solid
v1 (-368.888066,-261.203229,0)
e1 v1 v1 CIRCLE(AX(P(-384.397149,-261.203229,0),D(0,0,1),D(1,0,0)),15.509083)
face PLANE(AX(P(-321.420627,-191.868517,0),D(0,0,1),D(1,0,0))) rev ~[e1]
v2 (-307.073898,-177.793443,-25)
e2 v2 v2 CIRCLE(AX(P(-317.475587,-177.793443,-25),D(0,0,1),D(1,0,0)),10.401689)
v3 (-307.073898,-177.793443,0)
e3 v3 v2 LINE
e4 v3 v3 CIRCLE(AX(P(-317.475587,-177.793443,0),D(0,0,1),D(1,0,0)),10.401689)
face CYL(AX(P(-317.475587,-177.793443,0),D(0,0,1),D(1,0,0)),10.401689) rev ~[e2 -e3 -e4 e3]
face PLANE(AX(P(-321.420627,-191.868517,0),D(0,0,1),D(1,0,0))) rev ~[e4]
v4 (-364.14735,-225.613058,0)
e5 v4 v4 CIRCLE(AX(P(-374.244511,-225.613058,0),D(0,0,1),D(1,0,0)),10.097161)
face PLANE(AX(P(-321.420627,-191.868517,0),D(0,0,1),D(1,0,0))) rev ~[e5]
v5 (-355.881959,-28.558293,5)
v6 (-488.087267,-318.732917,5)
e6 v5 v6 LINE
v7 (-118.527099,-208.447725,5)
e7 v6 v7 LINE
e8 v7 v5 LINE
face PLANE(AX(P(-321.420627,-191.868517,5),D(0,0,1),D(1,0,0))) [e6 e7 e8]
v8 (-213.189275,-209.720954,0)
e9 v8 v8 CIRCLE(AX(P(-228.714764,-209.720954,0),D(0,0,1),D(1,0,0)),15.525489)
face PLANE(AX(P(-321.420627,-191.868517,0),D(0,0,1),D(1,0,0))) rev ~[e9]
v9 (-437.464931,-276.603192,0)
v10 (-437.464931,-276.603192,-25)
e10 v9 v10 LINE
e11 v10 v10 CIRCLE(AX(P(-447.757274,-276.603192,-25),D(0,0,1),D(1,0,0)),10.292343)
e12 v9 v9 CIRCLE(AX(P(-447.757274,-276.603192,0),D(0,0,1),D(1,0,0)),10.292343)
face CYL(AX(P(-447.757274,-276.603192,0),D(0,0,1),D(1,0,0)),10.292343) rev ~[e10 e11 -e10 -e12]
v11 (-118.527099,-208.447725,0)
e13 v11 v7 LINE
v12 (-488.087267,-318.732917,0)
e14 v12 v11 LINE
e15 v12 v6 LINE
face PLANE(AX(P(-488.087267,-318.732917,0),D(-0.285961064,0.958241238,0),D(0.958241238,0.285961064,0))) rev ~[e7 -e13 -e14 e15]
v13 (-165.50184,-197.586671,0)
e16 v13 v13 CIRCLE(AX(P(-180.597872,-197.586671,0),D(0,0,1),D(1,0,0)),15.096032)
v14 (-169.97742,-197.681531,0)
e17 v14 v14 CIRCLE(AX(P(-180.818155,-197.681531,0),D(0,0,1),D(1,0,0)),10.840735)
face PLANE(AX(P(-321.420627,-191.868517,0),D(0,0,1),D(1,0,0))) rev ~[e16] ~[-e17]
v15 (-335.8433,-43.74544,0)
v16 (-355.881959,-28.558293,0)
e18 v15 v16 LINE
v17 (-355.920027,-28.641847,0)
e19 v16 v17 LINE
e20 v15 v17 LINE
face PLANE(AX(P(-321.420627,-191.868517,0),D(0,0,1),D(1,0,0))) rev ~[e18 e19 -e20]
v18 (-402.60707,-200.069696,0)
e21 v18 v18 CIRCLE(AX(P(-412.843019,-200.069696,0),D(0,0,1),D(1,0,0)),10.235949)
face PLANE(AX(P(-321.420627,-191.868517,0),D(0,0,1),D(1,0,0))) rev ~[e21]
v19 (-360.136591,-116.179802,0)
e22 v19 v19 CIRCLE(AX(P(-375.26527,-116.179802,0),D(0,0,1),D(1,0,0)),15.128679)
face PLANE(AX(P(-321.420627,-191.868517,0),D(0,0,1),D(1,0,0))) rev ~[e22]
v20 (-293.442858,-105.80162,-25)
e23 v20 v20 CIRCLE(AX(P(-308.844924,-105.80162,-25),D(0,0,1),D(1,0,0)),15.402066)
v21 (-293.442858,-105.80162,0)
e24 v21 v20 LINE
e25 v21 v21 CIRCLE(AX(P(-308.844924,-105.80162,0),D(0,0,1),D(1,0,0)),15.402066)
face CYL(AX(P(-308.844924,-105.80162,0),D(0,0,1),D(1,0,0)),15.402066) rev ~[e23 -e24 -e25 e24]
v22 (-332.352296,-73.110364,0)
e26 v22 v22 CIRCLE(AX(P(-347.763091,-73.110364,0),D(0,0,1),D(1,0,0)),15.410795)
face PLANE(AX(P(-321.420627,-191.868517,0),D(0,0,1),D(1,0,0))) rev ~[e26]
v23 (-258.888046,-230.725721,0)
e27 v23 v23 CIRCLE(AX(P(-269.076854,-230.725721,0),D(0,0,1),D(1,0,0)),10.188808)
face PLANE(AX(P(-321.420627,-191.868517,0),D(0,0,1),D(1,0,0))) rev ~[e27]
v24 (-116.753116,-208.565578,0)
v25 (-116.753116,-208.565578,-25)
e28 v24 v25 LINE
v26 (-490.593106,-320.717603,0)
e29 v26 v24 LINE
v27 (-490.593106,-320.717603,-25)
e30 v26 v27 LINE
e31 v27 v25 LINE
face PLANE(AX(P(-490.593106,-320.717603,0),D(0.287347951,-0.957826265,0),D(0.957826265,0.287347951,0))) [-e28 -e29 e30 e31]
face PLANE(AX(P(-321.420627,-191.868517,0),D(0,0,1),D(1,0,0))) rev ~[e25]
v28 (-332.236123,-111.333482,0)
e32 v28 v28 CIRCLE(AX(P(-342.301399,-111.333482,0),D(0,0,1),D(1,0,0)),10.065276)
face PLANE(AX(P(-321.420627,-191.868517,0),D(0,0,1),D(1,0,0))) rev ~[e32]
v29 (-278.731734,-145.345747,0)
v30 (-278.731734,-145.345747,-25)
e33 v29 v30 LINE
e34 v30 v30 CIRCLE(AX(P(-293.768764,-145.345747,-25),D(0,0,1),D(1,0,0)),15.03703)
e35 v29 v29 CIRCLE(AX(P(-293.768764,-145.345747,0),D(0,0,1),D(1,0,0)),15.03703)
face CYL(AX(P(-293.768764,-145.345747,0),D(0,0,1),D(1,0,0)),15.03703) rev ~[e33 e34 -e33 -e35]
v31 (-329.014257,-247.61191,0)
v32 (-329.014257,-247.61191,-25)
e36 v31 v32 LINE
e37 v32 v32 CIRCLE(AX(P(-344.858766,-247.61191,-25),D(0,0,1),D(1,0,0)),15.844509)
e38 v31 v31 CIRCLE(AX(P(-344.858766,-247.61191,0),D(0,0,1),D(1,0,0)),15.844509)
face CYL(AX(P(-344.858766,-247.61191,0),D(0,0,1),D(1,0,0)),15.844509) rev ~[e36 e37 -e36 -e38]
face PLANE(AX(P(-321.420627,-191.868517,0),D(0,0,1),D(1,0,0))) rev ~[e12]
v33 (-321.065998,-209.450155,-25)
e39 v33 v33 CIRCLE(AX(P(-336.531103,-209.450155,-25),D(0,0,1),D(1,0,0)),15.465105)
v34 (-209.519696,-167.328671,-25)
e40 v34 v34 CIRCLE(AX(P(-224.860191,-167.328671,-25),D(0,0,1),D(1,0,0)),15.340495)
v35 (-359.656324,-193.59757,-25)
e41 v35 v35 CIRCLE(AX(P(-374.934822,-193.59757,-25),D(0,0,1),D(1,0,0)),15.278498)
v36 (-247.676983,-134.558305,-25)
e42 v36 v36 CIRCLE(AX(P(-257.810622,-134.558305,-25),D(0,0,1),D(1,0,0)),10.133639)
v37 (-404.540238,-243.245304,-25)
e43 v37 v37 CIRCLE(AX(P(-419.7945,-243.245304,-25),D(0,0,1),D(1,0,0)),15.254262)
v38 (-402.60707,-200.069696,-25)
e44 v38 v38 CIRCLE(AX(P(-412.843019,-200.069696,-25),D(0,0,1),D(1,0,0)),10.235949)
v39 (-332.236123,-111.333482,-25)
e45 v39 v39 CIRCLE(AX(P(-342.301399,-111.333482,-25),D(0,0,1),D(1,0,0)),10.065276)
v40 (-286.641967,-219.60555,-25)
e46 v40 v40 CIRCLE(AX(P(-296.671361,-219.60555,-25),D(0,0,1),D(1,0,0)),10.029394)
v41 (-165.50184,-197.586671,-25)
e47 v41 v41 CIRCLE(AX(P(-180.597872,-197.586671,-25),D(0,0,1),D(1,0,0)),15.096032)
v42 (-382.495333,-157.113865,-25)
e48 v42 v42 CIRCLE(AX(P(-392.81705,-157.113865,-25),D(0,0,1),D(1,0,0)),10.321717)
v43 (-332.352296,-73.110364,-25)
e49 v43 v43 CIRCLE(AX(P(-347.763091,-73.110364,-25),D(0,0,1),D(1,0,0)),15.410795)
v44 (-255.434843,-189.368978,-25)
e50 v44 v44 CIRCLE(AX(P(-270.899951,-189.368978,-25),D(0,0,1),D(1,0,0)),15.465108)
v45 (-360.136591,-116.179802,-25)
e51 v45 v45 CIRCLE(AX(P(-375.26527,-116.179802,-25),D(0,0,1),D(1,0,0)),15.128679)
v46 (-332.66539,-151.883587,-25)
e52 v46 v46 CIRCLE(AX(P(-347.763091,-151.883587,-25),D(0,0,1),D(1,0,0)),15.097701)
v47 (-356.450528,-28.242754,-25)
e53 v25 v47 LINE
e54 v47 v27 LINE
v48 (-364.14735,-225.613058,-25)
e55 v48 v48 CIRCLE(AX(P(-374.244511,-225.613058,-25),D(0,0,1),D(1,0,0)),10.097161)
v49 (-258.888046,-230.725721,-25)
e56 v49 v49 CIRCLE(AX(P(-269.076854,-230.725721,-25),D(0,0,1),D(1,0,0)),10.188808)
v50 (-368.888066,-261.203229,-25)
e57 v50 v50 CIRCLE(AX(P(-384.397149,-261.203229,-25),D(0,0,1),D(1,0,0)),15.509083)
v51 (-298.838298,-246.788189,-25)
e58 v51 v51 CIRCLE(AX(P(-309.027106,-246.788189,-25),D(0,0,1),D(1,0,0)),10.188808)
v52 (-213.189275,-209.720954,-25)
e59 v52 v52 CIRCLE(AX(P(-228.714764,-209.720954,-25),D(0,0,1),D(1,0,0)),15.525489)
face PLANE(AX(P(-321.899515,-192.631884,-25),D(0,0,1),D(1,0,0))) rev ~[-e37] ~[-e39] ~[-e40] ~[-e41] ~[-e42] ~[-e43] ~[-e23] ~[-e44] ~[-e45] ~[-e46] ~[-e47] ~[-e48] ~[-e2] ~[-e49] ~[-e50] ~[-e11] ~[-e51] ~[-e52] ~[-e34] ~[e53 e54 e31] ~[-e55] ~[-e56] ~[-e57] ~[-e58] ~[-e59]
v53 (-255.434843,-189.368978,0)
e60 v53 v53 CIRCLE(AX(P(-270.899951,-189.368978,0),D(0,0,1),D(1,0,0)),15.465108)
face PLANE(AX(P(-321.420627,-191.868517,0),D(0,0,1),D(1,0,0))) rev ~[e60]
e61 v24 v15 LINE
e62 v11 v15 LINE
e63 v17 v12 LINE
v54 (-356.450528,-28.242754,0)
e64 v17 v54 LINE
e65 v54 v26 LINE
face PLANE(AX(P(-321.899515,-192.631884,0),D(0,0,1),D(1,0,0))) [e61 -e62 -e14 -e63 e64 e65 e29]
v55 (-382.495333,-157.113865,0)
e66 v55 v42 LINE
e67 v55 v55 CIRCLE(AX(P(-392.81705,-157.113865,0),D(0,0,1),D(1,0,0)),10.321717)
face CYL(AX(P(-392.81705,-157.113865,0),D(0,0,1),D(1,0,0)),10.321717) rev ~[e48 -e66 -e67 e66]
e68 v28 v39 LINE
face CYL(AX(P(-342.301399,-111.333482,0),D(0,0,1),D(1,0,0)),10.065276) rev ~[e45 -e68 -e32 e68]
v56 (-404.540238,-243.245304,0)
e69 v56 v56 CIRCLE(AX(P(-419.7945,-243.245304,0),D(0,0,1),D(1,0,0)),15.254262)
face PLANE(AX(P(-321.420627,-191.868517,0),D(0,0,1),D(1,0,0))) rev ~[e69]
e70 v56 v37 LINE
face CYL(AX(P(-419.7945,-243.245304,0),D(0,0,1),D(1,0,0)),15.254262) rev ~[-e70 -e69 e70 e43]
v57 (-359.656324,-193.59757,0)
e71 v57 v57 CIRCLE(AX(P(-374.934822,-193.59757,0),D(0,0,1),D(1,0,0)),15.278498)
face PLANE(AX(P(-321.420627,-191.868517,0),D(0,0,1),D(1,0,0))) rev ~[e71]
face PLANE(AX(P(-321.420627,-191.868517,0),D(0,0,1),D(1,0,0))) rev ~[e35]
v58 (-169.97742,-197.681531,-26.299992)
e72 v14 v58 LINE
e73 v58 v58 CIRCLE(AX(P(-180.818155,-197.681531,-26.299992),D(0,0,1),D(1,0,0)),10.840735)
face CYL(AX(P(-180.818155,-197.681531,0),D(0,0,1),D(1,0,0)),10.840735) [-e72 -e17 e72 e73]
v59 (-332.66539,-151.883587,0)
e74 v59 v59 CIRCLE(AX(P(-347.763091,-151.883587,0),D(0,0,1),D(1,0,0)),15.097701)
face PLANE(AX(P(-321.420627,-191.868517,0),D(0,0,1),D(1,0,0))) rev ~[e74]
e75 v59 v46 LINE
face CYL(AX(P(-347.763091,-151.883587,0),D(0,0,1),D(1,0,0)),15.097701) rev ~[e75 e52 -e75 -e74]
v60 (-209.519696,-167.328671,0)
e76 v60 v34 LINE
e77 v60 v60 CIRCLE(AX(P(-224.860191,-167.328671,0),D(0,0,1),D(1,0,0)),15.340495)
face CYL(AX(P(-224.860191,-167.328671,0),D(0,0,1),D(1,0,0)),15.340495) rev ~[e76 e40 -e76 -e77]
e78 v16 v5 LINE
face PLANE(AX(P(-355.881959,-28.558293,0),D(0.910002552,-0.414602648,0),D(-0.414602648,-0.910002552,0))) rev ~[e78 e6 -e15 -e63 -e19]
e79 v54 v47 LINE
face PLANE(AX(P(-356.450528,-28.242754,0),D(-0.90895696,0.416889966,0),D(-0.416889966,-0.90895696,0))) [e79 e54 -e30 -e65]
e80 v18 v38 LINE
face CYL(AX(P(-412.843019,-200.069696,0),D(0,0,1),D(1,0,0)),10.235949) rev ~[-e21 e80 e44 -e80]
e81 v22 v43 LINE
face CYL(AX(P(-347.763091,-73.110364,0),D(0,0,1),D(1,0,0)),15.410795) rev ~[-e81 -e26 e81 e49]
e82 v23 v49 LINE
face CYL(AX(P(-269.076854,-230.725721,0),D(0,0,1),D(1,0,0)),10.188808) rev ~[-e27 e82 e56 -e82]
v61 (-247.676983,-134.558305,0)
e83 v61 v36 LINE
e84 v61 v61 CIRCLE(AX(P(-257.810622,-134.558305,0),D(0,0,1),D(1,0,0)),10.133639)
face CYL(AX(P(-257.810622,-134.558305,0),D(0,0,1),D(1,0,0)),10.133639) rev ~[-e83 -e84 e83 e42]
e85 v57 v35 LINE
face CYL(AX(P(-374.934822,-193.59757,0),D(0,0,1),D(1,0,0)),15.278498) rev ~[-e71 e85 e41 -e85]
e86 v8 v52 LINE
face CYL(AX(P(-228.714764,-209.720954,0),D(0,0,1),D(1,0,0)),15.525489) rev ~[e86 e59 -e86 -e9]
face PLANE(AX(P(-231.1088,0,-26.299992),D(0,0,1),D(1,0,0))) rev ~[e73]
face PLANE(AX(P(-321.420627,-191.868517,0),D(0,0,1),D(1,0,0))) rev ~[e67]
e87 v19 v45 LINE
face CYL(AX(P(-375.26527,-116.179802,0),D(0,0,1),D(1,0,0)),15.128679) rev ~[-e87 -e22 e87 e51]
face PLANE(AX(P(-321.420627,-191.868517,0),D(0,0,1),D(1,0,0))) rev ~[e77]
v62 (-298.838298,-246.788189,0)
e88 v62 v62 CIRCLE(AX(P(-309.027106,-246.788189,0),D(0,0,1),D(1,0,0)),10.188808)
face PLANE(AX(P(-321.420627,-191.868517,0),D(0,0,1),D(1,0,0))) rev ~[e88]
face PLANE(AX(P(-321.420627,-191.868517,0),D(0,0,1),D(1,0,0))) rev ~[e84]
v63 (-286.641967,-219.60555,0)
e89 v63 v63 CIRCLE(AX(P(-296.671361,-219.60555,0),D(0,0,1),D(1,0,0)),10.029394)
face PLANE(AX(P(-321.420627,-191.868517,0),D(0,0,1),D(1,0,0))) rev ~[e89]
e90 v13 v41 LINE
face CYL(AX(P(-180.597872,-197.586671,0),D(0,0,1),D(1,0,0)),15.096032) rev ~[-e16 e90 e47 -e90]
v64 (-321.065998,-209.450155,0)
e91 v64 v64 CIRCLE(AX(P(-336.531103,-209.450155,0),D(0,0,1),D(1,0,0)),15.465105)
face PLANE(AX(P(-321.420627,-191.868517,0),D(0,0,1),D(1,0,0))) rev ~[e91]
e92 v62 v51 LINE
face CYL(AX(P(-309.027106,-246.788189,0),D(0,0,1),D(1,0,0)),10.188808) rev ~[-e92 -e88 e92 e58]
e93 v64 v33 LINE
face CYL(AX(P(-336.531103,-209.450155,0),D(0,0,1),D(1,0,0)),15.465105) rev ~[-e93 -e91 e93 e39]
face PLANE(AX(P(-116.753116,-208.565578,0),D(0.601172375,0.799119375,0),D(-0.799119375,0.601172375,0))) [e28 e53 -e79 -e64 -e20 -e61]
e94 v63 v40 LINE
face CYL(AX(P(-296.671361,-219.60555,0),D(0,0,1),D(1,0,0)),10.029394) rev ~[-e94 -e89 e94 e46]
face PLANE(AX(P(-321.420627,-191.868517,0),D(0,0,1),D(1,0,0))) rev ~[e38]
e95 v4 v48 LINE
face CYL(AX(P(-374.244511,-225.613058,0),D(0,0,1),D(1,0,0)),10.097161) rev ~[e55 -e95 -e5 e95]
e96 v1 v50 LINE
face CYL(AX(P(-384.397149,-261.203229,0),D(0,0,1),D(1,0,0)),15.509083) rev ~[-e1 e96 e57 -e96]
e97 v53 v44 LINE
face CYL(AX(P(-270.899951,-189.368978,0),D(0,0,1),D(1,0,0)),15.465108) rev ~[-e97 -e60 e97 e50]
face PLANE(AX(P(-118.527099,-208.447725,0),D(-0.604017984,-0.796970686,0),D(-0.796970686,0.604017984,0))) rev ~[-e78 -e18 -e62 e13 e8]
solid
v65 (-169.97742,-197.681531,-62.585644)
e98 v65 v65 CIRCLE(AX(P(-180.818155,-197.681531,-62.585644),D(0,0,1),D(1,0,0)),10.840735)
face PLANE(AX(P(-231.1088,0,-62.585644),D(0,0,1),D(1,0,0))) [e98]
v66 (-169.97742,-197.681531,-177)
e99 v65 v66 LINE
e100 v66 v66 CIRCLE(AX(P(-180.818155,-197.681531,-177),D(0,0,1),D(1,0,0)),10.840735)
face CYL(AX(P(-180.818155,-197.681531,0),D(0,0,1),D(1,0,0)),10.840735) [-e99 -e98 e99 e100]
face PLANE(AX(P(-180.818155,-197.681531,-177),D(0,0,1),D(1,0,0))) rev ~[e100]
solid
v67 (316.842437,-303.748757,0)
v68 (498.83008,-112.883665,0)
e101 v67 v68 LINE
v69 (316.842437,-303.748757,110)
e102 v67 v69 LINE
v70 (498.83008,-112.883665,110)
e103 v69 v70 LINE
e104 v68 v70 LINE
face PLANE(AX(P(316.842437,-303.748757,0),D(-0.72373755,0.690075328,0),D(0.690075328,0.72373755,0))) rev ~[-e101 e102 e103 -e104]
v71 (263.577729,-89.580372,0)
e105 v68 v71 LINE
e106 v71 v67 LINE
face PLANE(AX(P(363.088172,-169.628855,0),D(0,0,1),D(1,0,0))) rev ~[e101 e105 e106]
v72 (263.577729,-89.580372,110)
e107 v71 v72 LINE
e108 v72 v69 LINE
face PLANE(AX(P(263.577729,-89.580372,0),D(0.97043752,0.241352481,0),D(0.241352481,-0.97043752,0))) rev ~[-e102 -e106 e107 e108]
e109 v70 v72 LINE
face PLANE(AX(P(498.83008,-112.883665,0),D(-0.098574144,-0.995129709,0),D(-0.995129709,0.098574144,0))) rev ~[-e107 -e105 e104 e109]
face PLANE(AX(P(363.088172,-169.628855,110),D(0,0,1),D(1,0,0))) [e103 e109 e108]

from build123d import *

# Parameters (mm, degrees)
F1_DEPTH = 110
F2_R     = 10.292343
F2_R_2   = 15.509083
F2_R_3   = 15.844509
F2_R_4   = 15.254262
F2_R_5   = 10.235949
F2_R_6   = 10.097161
F2_R_7   = 10.188808
F2_R_8   = 15.278498
F2_R_9   = 15.465105
F2_R_10  = 10.401689
F2_R_11  = 10.029394
F2_R_12  = 15.465108
F2_R_13  = 15.525489
F2_R_14  = 15.096032
F2_R_15  = 10.321717
F2_R_16  = 15.097701
F2_R_17  = 15.128679
F2_R_18  = 10.065276
F2_R_19  = 15.402066
F2_R_20  = 15.410795
F2_R_21  = 15.03703
F2_R_22  = 15.340495
F2_R_23  = 10.133639
F3_DEPTH = 25
F5_DEPTH = 5
F6_R     = 10.840735
F7_DEPTH = 177
F8_W     = 99.308104
F8_H     = 36.285651
F9_DEPTH = 407


with BuildPart() as f1:
    # F0 (on Top) → F1 (new body)
    with BuildSketch(Plane.XY):
        Polygon((498.83008, -112.883665), (263.577729, -89.580372), (316.842437, -303.748757), align=None)
    extrude(amount=F1_DEPTH)


with BuildPart() as f3:
    # F2 (on Top) → F3 (new body)
    with BuildSketch(Plane.XY):
        Polygon((-116.753116, -208.565578), (-356.450528, -28.242754), (-490.593106, -320.717603), align=None)
        with Locations((-447.757274, -276.603192)):
            Circle(F2_R, mode=Mode.SUBTRACT)
        with Locations((-384.397149, -261.203229)):
            Circle(F2_R_2, mode=Mode.SUBTRACT)
        with Locations((-344.858766, -247.61191)):
            Circle(F2_R_3, mode=Mode.SUBTRACT)
        with Locations((-419.7945, -243.245304)):
            Circle(F2_R_4, mode=Mode.SUBTRACT)
        with Locations((-412.843019, -200.069696)):
            Circle(F2_R_5, mode=Mode.SUBTRACT)
        with Locations((-374.244511, -225.613058)):
            Circle(F2_R_6, mode=Mode.SUBTRACT)
        with Locations((-309.027106, -246.788189)):
            Circle(F2_R_7, mode=Mode.SUBTRACT)
        with Locations((-374.934822, -193.59757)):
            Circle(F2_R_8, mode=Mode.SUBTRACT)
        with Locations((-336.531103, -209.450155)):
            Circle(F2_R_9, mode=Mode.SUBTRACT)
        with Locations((-317.475587, -177.793443)):
            Circle(F2_R_10, mode=Mode.SUBTRACT)
        with Locations((-269.076854, -230.725721)):
            Circle(F2_R_7, mode=Mode.SUBTRACT)
        with Locations((-296.671361, -219.60555)):
            Circle(F2_R_11, mode=Mode.SUBTRACT)
        with Locations((-270.899951, -189.368978)):
            Circle(F2_R_12, mode=Mode.SUBTRACT)
        with Locations((-228.714764, -209.720954)):
            Circle(F2_R_13, mode=Mode.SUBTRACT)
        with Locations((-180.597872, -197.586671)):
            Circle(F2_R_14, mode=Mode.SUBTRACT)
        with Locations((-392.81705, -157.113865)):
            Circle(F2_R_15, mode=Mode.SUBTRACT)
        with Locations((-347.763091, -151.883587)):
            Circle(F2_R_16, mode=Mode.SUBTRACT)
        with Locations((-375.26527, -116.179802)):
            Circle(F2_R_17, mode=Mode.SUBTRACT)
        with Locations((-342.301399, -111.333482)):
            Circle(F2_R_18, mode=Mode.SUBTRACT)
        with Locations((-308.844924, -105.80162)):
            Circle(F2_R_19, mode=Mode.SUBTRACT)
        with Locations((-347.763091, -73.110364)):
            Circle(F2_R_20, mode=Mode.SUBTRACT)
        with Locations((-293.768764, -145.345747)):
            Circle(F2_R_21, mode=Mode.SUBTRACT)
        with Locations((-224.860191, -167.328671)):
            Circle(F2_R_22, mode=Mode.SUBTRACT)
        with Locations((-257.810622, -134.558305)):
            Circle(F2_R_23, mode=Mode.SUBTRACT)
    extrude(amount=-F3_DEPTH)

    # F4 (on Top) → F5 (join)
    with BuildSketch(Plane.XY):
        Polygon((-488.087267, -318.732917), (-118.527099, -208.447725), (-355.881959, -28.558293), align=None)
    extrude(amount=F5_DEPTH)

    # F6 (on Top) → F7 (join)
    with BuildSketch(Plane.XY):
        with Locations((-180.818155, -197.681531)):
            Circle(F6_R)
    extrude(amount=-F7_DEPTH)

    # F8 (on Front) → F9 (cut)
    with BuildSketch(Plane.XZ):
        with Locations((-181.454748, -44.442818)):
            Rectangle(F8_W, F8_H)
    extrude(amount=F9_DEPTH, mode=Mode.SUBTRACT)


solid = Compound([f1.part, f3.part])
